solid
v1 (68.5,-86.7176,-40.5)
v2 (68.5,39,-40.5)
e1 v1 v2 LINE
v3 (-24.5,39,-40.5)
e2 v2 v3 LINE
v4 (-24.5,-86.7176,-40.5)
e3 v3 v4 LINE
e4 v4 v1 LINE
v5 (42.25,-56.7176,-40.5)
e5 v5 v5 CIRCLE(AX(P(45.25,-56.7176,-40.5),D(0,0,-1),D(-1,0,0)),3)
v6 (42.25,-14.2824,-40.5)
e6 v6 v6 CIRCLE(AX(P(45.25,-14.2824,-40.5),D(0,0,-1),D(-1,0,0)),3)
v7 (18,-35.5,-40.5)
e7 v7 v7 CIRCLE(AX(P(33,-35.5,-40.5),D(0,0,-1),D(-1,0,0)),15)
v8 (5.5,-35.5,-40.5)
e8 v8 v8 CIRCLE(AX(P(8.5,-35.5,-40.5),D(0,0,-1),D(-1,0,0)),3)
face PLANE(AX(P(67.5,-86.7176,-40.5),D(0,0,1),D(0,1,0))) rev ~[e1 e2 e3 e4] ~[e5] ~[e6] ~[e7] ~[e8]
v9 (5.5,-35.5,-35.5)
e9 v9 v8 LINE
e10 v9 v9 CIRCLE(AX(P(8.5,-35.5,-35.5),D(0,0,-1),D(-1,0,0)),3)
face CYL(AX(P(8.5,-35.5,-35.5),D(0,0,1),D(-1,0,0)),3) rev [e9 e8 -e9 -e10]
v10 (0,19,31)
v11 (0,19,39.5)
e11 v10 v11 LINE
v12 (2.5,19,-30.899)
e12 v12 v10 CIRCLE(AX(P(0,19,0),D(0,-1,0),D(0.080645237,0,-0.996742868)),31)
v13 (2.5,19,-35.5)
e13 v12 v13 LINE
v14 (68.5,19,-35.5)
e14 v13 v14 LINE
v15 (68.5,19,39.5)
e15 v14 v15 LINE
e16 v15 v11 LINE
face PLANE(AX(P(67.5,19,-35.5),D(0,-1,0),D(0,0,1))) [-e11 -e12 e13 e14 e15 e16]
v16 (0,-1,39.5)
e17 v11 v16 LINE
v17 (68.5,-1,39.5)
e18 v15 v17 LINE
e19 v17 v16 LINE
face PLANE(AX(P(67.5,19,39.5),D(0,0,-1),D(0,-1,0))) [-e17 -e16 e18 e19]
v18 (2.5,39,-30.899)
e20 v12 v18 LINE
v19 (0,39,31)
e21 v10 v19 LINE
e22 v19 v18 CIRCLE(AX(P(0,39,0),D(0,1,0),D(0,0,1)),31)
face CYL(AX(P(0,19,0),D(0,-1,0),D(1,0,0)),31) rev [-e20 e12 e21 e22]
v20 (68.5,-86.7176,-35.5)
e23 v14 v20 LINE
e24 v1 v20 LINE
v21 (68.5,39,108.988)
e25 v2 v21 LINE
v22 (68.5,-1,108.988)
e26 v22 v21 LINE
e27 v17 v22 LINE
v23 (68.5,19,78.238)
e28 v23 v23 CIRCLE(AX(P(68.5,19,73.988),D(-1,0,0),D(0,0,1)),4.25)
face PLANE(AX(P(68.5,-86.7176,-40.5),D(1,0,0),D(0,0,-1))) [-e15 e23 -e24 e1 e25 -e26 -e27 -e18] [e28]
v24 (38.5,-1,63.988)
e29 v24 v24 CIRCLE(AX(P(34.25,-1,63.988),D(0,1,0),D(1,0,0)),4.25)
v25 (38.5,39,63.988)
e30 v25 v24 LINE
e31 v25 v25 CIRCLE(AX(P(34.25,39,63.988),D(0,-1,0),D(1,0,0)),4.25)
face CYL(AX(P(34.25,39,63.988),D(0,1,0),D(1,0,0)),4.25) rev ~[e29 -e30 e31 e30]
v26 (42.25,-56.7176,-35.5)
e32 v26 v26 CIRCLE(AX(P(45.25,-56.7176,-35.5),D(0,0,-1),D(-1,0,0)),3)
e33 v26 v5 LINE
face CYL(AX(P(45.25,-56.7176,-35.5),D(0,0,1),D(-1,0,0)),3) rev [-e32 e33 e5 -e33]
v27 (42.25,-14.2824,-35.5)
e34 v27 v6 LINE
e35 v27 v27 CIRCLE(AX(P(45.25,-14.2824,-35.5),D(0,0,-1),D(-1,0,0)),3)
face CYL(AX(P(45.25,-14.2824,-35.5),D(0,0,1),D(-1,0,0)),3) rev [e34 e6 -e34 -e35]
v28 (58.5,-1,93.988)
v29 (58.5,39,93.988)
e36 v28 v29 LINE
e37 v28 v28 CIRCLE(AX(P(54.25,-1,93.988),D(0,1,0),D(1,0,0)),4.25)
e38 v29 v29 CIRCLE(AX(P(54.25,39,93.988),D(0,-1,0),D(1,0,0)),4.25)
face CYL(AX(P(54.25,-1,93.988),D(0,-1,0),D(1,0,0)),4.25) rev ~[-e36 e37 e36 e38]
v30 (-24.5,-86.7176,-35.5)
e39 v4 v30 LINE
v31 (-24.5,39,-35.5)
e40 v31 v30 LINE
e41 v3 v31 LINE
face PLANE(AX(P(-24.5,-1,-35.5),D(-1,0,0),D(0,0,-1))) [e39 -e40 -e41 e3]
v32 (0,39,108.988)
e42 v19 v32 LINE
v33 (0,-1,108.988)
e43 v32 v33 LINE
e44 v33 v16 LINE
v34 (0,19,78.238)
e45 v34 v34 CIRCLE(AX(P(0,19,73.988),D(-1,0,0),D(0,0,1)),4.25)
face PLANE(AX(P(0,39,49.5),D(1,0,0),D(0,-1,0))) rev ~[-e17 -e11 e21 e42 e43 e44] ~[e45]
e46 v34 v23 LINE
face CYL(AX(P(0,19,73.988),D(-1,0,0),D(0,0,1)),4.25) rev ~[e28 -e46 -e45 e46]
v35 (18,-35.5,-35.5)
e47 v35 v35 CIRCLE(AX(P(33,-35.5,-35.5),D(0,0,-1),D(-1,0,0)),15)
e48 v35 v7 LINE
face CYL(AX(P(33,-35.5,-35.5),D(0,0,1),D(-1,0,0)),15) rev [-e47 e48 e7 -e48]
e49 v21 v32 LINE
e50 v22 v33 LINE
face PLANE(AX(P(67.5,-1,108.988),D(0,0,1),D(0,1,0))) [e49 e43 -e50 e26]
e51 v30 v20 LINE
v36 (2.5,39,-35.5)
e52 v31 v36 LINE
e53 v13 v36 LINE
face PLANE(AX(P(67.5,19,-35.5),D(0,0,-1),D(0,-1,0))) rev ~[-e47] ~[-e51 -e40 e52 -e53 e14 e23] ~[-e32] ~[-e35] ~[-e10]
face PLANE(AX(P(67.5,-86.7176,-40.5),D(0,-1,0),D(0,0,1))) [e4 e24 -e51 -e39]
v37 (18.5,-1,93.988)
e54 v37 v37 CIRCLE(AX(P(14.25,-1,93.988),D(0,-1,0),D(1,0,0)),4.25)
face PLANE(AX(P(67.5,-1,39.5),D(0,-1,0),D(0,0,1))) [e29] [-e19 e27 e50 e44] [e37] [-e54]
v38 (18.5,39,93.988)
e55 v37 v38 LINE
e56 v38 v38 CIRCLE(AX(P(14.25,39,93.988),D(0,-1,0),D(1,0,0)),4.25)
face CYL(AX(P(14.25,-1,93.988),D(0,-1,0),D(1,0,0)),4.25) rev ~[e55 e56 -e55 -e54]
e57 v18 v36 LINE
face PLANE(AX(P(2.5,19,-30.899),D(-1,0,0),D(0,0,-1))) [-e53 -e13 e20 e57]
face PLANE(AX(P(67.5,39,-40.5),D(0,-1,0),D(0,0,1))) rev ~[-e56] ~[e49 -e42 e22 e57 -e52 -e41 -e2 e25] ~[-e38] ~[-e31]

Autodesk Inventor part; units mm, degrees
ref_plane "YZ Plane" through (0, 0, 0) normal (1, 0, 0) x (0, 1, 0)
ref_plane "XZ Plane" through (0, 0, 0) normal (0, 1, 0) x (-1, 0, 0)
ref_plane "Work Plane1" through (8.5, -35.5, -35.5) normal (0, 0, -1) x (-1, 0, 0)
sketch "Sketch1" plane through (8.5, -35.5, -35.5) normal (0, 0, -1) x (-1, 0, 0)
  circle A0 centre (0, 0) radius 3 projected
  circle A1 centre (0, 0) radius 6 projected
  circle A2 centre (-36.75, -21.2176) radius 3 projected
  circle A3 centre (-36.75, -21.2176) radius 6 projected
  circle A4 centre (-36.75, 21.2176) radius 6 projected
  circle A5 centre (-36.75, 21.2176) radius 3 projected
  line L0 (-36.75, -46.2176) -> (28, -46.2176)
  line L1 (28, -46.2176) -> (28, 0)
  line L2 (-36.75, -46.2176) -> (-59, -46.2176)
  line L3 (-59, -46.2176) -> (-59, 34.5)
  line L4 (-59, 34.5) -> (28, 34.5)
  line L5 (34.5, 35.5) -> (-17.5, 35.5) projected
  line L6 (28, 34.5) -> (28, 0)
  circle A6 centre (-24.5, 0) radius 11 projected
  circle A7 centre (-24.5, 0) radius 15
  point P0 (8.5, 35.5)
  dimension "d3" = 30
extrude "Extrusion1" add sketch "Sketch1" along normal blind 5 contours A1 | A3 | A4 | L2 L3 L4 L6 L1 L0
sketch "Sketch2" plane through (-19.5, -81.7176, -35.5) normal (-1, 0, 0) x (0, 0, 1)
  line L0 (0, 0) -> (0, 80.7176) projected
  line L1 (0, 80.7176) -> (-5, 80.7176) projected
  line L2 (-5, 0) -> (-5, 80.7176) projected
  line L3 (0, 0) -> (-5, 0) projected
  point P0 (35.5, 81.7176)
extrude "Extrusion2" add sketch "Sketch2" along normal blind 5
sketch "Sketch3" plane through (67.5, -81.7176, -40.5) normal (0, -1, 0) x (1, 0, 0)
  line L0 (0, 5) -> (-92, 5) projected
  line L1 (-92, 0) -> (-92, 5) projected
  line L2 (0, 0) -> (-92, 0) projected
  line L3 (0, 5) -> (0, 0) projected
  point P0 (-67.5, 40.5)
extrude "Extrusion3" add sketch "Sketch3" along normal blind 5
sketch "Sketch4" plane through (8.5, -35.5, -35.5) normal (0, 0, 1) x (1, 0, 0)
  line L0 (-28, -46.2176) -> (-28, 34.5)
  line L1 (-28, -46.2176) -> (59, -46.2176)
  line L2 (59, -51.2176) -> (-33, -51.2176) projected
  line L3 (-33, 34.5) -> (-33, -51.2176) projected
  line L4 (59, 34.5) -> (59, -51.2176) projected
  line L5 (59, 34.5) -> (-33, 34.5) projected
  line L6 (-28, -46.2176) -> (-33, -46.2176)
  line L7 (-33, 34.5) -> (-33, -51.2176) projected
extrude "Extrusion4" add sketch "Sketch4" along normal blind 75 contours L1 L4 L2 L3 L6
sketch "Sketch5" plane through (67.5, -86.7176, -40.5) normal (0, -1, 0) x (1, 0, 0)
  line L0 (-92, 5) -> (-92, 80) projected
  line L1 (-92, 80) -> (-77.75, 80)
  line L2 (-92, 80) -> (0, 80) projected
  line L3 (-77.75, 80) -> (-37.75, 80)
  line L4 (-37.75, 80) -> (-37.75, 65)
  line L5 (-37.75, 65) -> (-77.75, 65)
  circle A0 centre (-77.75, 65) radius 4.25
  circle A1 centre (-37.75, 65) radius 4.25
  point P0 (-67.5, 40.5)
  dimension "d14" = 14.25
  dimension "d15" = 40
  dimension "d16" = 15
  dimension "d17" = 8.5
  dimension "d18" = 8.5
extrude "Extrusion5" cut sketch "Sketch5" against normal through all
sketch "Sketch6" plane through (67.5, -1, -35.5) normal (0, 1, 0) x (1, 0, 0)
  line L0 (0, 0) -> (-92, 0) projected
  line L1 (0, 0) -> (0, 5) projected
  line L2 (0, 5) -> (-92, 5) projected
  line L3 (-92, 0) -> (-92, 5) projected
  point P0 (-67.5, -35.5)
extrude "Extrusion6" add sketch "Sketch6" along normal blind 20
sketch "Sketch7" plane through (67.5, 19, -35.5) normal (0, 1, 0) x (1, 0, 0)
  circle A0 centre (-67.5, -35.5) radius 31 projected
  circle A1 centre (-67.5, -35.5) radius 31 projected
  circle A2 centre (-67.5, -35.5) radius 31 projected
  line L0 (-67.5, -66.5) -> (-67.5, -75)
  line L1 (0, -75) -> (-92, -75) projected
  line L2 (0, 5) -> (0, -75) projected
  line L3 (-67.5, -75) -> (0, -75)
  line L4 (0, -75) -> (0, 5)
  line L5 (-65, -20.5) -> (-65, 0) projected
  line L6 (-65, -4.601) -> (-65, 0)
  line L7 (-92, 5) -> (-92, 0) projected
  line L8 (-92, 0) -> (0, 0) projected
  line L9 (0, 0) -> (0, 5) projected
  line L10 (0, 5) -> (-92, 5) projected
  point P0 (-65, -4.601)
extrude "Extrusion7" add sketch "Sketch7" along normal blind 20 contours A0 L5 L8 L2 L1 L0 | L8 L7 L10 L2
sketch "Sketch10" plane through (8.5, -35.5, 39.5) normal (0, 0, 1) x (1, 0, 0)
  line L0 (59, -51.2176) -> (59, -46.2176) projected
  line L1 (59, -46.2176) -> (-33, -46.2176) projected
  line L2 (-33, -46.2176) -> (-33, -51.2176) projected
  line L3 (-33, -51.2176) -> (59, -51.2176) projected
  point P0 (-8.5, 35.5)
extrude "Extrusion10" cut sketch "Sketch10" against normal up to surface (75 mm away)
sketch "Sketch11" plane through (0, 19, 39.5) normal (0, 0, 1) x (1, 0, 0)
  line L0 (0, 0) -> (67.5, 0) projected
  line L1 (67.5, 0) -> (67.5, 20) projected
  line L2 (0, 20) -> (67.5, 20) projected
  line L3 (0, 0) -> (0, 20) projected
  point P0 (0, -19)
extrude "Extrusion11" add sketch "Sketch11" along normal blind 10
sketch "Sketch12" plane through (67.5, 19, -35.5) normal (0, -1, 0) x (1, 0, 0)
  line L0 (-67.5, 66.5) -> (-67.5, 85) projected
  line L1 (-67.5, 85) -> (0, 85) projected
  line L2 (-67.5, 85) -> (0, 85)
  line L3 (0, 85) -> (0, 75)
  line L4 (0, 0) -> (0, 85) projected
  line L5 (0, 75) -> (-67.5, 75)
  line L6 (-67.5, 75) -> (-67.5, 85)
  point P0 (-67.5, 35.5)
  dimension "d35" = 10
extrude "Extrusion12" add sketch "Sketch12" along normal blind 20
sketch "Sketch13" plane through (0, 19, 49.5) normal (0, 0, 1) x (1, 0, 0)
  line L0 (67.5, 20) -> (67.5, -20) projected
  line L1 (67.5, 20) -> (0, 20) projected
  line L2 (0, 20) -> (0, -20) projected
  line L3 (67.5, -20) -> (0, -20) projected
  point P0 (0, -19)
extrude "Extrusion13" add sketch "Sketch13" along normal blind 59.488
sketch "Sketch14" plane through (67.5, -1, -35.5) normal (0, -1, 0) x (1, 0, 0)
  line L0 (-53.25, 129.488) -> (-13.25, 129.488)
  circle A0 centre (-53.25, 129.488) radius 4.25
  circle A1 centre (-13.25, 129.488) radius 4.25
  point P0 (-67.5, 35.5)
  point P1 (-67.5, 144.488)
  dimension "d43" = 40
  dimension "d44" = 8.5
  dimension "d45" = 8.5
extrude "Extrusion14" cut sketch "Sketch14" against normal up to surface (40 mm away)
sketch "Sketch15" plane through (67.5, -86.7176, -40.5) normal (1, 0, 0) x (0, 0, -1)
  line L0 (-5, 105.7176) -> (-5, 0) projected
  line L1 (0, 0) -> (-5, 0) projected
  line L2 (0, 0) -> (0, 125.7176) projected
  line L3 (0, 125.7176) -> (-149.488, 125.7176) projected
  line L4 (-149.488, 85.7176) -> (-149.488, 125.7176) projected
  line L5 (-80, 85.7176) -> (-149.488, 85.7176) projected
  line L6 (-80, 105.7176) -> (-80, 85.7176) projected
  line L7 (-5, 105.7176) -> (-80, 105.7176) projected
  point P0 (-40.5, 86.7176)
extrude "Extrusion15" add sketch "Sketch15" along normal blind 1
sketch "Sketch16" plane through (0, 19, 31) normal (-1, 0, 0) x (0, 0, 1)
  line L0 (77.988, 20) -> (77.988, -20) projected
  line L1 (77.988, 0) -> (42.988, 0)
  circle A0 centre (42.988, 0) radius 4.25
  point P0 (-31, -19)
  dimension "d50" = 35
  dimension "d51" = 8.5
extrude "Extrusion16" cut sketch "Sketch16" against normal up to surface (68.5 mm away)
sketch "Sketch17" plane through (67.5, 39, -35.5) normal (0, 1, 0) x (1, 0, 0)
  circle A0 centre (-53.25, -129.488) radius 4.25 projected
  line L0 (-53.25, -129.488) -> (-33.25, -129.488)
  line L1 (-33.25, -129.488) -> (-33.25, -99.488)
  circle A1 centre (-33.25, -99.488) radius 4.25
  point P0 (-67.5, -35.5)
  dimension "d54" = 20
  dimension "d55" = 30
  dimension "d56" = 8.5
extrude "Extrusion17" cut sketch "Sketch17" against normal up to surface (40 mm away) contours A1
properties part number "motor_connector_left"
